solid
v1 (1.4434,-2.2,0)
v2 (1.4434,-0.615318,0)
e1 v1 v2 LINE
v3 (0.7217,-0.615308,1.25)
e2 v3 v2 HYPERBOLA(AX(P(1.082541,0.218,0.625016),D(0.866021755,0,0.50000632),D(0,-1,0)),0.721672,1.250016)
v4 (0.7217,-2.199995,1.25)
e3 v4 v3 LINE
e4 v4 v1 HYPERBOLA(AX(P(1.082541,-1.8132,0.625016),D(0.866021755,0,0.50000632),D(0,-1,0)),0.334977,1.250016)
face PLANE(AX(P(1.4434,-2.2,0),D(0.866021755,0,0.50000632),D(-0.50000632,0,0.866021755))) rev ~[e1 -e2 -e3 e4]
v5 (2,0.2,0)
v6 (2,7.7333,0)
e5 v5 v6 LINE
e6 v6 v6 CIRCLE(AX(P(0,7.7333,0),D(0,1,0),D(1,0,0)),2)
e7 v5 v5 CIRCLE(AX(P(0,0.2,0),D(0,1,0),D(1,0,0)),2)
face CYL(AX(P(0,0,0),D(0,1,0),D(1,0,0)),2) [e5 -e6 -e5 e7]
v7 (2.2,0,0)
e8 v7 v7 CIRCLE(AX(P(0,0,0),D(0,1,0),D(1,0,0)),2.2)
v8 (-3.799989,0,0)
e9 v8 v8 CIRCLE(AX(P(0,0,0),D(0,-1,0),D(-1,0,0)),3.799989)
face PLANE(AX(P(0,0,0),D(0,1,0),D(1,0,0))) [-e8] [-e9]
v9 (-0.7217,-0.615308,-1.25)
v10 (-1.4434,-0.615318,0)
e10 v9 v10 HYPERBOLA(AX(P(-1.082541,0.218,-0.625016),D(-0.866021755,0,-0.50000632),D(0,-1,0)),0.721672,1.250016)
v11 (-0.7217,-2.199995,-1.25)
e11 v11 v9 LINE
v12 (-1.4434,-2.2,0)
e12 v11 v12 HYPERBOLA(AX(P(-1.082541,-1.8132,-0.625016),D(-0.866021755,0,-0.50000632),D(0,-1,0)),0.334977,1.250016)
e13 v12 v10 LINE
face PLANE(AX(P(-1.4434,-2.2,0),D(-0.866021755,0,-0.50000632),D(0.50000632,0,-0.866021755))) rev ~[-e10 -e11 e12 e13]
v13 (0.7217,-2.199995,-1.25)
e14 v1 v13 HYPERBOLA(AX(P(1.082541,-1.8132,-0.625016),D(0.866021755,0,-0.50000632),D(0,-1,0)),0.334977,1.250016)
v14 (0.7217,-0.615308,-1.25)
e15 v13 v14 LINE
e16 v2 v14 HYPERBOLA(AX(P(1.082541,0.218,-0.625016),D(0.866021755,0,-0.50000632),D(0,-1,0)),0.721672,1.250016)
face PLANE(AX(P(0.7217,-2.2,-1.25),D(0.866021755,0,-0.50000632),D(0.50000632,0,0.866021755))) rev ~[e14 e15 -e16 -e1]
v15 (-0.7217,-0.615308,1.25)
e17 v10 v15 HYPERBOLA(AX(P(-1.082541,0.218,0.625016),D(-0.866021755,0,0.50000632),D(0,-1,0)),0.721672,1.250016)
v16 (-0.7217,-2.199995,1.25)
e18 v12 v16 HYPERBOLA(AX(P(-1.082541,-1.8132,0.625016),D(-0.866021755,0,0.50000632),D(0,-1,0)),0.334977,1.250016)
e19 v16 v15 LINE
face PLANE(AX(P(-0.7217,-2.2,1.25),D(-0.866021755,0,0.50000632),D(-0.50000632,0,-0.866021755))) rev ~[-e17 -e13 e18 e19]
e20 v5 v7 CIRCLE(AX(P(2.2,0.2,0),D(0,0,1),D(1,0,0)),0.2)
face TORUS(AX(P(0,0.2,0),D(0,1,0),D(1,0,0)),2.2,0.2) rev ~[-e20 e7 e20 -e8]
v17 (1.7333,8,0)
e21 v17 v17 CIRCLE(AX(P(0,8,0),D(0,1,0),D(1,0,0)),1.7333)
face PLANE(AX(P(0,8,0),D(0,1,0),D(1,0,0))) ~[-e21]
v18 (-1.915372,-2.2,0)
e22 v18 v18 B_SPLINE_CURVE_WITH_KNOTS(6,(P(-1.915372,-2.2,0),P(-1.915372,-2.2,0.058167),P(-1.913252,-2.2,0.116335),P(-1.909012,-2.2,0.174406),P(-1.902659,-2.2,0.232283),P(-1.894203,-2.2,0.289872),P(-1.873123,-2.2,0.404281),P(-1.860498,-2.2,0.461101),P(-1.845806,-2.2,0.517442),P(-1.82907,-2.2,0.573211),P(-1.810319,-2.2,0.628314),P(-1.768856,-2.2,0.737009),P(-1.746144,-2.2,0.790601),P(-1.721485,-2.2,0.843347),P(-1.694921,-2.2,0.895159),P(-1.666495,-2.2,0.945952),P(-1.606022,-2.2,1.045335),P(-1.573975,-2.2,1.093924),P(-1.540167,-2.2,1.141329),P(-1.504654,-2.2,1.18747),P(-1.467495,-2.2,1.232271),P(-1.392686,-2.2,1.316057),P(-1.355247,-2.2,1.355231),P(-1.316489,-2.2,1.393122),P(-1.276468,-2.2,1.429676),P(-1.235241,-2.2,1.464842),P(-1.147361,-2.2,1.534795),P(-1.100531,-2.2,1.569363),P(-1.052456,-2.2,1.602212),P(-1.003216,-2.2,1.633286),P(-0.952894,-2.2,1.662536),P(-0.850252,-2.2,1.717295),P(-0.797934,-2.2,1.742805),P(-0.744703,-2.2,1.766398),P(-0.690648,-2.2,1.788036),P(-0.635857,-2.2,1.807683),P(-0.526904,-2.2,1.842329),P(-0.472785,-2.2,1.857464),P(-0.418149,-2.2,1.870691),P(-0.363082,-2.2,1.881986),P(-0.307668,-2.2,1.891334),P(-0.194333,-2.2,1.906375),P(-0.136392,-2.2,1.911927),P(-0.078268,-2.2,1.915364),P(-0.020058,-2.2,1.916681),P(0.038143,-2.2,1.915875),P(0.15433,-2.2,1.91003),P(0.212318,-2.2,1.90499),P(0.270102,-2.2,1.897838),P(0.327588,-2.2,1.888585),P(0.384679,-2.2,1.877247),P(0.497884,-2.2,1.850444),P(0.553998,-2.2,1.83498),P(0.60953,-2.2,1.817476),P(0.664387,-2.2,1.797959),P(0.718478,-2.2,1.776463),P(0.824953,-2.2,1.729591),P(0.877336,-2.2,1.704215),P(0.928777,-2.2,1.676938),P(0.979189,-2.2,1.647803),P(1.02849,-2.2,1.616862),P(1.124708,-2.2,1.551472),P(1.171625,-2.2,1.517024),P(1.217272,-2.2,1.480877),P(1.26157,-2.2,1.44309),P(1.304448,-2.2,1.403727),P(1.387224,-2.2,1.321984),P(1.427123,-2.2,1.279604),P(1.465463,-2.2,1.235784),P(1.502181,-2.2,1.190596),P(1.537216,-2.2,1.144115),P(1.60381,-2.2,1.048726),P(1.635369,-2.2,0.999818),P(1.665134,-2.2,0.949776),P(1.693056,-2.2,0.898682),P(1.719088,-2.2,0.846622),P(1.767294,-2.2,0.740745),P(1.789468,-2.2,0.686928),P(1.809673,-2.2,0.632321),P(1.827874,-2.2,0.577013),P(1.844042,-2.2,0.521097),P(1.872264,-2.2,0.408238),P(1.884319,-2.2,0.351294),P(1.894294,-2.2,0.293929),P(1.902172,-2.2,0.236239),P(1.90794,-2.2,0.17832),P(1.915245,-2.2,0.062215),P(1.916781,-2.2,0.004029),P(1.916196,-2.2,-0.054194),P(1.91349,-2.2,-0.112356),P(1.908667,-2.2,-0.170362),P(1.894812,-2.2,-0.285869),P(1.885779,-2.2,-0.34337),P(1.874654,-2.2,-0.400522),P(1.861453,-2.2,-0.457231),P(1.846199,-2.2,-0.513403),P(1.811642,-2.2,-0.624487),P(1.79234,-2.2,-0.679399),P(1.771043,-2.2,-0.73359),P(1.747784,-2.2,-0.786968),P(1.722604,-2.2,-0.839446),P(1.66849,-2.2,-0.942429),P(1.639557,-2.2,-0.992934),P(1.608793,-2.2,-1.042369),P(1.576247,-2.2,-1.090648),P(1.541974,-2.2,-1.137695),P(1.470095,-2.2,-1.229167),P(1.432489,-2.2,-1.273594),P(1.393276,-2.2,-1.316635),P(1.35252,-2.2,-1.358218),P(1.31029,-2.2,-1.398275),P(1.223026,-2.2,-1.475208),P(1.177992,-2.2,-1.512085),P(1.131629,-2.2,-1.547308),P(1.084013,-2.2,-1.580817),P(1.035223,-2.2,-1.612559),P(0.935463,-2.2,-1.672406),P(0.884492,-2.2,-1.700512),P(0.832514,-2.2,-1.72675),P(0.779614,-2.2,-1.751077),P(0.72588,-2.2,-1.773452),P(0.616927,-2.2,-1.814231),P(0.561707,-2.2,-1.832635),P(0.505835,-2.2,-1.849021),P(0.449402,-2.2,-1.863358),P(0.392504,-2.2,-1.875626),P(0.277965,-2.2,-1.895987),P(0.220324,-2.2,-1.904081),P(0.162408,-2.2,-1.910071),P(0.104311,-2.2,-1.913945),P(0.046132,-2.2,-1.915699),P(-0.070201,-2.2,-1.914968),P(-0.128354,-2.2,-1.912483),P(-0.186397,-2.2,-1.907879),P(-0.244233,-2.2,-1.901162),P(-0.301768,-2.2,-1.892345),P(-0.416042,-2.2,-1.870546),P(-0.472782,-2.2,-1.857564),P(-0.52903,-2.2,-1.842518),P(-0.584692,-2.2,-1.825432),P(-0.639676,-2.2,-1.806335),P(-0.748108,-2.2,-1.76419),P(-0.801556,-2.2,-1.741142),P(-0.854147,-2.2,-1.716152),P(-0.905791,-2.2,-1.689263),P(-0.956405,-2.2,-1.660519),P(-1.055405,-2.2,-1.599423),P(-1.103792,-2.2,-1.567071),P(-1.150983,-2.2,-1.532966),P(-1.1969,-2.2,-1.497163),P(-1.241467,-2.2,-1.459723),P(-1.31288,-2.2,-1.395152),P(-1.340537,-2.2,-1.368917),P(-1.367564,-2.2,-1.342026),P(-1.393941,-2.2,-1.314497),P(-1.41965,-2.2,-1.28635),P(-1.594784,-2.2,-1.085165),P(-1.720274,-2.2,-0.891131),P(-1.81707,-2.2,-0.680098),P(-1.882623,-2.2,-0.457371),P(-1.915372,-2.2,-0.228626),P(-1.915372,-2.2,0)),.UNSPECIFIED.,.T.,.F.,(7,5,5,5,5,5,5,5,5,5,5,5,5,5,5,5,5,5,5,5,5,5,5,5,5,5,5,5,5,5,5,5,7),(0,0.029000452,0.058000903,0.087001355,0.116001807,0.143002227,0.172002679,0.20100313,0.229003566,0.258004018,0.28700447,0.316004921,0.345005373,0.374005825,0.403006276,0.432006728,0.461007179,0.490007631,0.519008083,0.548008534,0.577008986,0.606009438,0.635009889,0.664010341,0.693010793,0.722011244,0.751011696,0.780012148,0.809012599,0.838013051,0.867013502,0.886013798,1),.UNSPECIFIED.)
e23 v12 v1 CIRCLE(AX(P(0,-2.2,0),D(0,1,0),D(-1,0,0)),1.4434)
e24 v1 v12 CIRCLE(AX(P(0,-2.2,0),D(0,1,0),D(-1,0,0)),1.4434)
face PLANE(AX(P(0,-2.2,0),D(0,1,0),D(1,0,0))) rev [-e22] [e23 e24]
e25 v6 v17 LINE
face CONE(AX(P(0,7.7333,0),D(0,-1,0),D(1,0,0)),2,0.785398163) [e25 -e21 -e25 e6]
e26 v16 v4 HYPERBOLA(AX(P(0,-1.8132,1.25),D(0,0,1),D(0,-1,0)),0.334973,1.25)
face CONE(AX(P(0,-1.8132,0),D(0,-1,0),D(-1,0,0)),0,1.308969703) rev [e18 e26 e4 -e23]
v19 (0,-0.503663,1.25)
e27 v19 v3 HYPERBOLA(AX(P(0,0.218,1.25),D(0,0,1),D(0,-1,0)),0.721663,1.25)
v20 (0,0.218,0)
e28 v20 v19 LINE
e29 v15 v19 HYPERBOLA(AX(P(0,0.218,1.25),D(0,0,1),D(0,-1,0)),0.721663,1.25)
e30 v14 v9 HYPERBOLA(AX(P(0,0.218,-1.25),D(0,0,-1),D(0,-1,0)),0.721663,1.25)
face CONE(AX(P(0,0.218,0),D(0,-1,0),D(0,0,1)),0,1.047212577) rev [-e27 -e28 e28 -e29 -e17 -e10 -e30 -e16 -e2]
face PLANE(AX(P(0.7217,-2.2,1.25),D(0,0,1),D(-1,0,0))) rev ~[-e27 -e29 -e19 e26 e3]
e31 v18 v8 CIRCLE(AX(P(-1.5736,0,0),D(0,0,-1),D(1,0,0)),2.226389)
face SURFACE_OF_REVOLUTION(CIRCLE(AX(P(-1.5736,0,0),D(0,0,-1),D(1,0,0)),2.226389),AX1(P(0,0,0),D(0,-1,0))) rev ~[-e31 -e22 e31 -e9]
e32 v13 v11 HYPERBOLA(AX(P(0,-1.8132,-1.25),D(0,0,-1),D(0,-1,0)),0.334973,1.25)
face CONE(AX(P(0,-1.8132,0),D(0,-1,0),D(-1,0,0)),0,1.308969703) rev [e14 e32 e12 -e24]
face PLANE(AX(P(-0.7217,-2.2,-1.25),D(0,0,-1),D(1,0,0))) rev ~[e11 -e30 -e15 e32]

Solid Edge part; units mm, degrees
sketch "Sketch1" plane through (0, 0, 0) normal (0, 0, 1) x (1, 0, 0)
  line L0 (2, 0) -> (2, 8)
  line L1 (0, 8) -> (2, 8)
  line L2 (0, 0) -> (0, 8)
  line L3 (0, 0) -> (0, -2.2)
  line L4 (0, -2.2) -> (3.8, -2.2)
  line L5 (3.8, -2.2) -> (3.8, 0)
  line L6 (3.8, 0) -> (2, 0)
revolve "RevolvedProtrusion1" add sketch "Sketch1" angle 360 about axis through (0, 0, 0) along (0, 1, 0)
sketch "Sketch2" plane through (0, 0, 0) normal (1, 0, 0) x (0, 1, 0)
  line L0 (-2.2, 1.9365) -> (-0.9, 1.9365)
  line L1 (0.218, 0) -> (-0.9, 1.9365)
  line L2 (-2.2, 0) -> (0.218, 0)
  line L3 (-2.2, 0) -> (-2.2, 1.9365)
revolve "RevolvedCutout1" cut sketch "Sketch2" angle 360 about axis through (0, -4.5, 0) along (0, 1, 0)
sketch "Sketch3" plane through (0, -2.2, 0) normal (0, -1, 0) x (0, 0, 1)
  circle A0 centre (0, 0) radius 1.9365
  line L0 (-1.25, -0.7217) -> (0, -1.4434)
  line L1 (0, -1.4434) -> (1.25, -0.7217)
  line L2 (1.25, -0.7217) -> (1.25, 0.7217)
  line L3 (1.25, 0.7217) -> (0, 1.4434)
  line L4 (0, 1.4434) -> (-1.25, 0.7217)
  line L5 (-1.25, 0.7217) -> (-1.25, -0.7217)
  dimension "D1" = 2.5
extrude "Protrusion1" add sketch "Sketch3" against normal up to next
sketch "Sketch4" plane through (0, 0, 0) normal (0, 0, 1) x (1, 0, 0)
  line L0 (-1.4434, -2.2) -> (0, -2.2)
  line L1 (0, -2.2) -> (0, -1.8132)
  line L2 (0, -1.8132) -> (-1.4434, -2.2)
revolve "RevolvedCutout2" cut sketch "Sketch4" angle 360 about axis through (0, -4.5, 0) along (0, 1, 0)
fillet "Round1" radius 0.2 1 edges at (0, 0, -2)
chamfer "倒斜角_2" distance 0.2667 angle 45 1 edges at (0, 8, -2)
cosmetic_thread "螺纹_3" size "M4" thread depth 6.6
sketch "Sketch5" plane through (0, 0, 0) normal (0, 0, 1) x (1, 0, 0)
  arc A0 (-1.9153, -2.2) -> (-3.8, 0) centre (-1.5736, 0) cw
revolve "RevolvedCutout3" cut sketch "Sketch5" angle 360 about axis through (0, 0, 0) along (0, -1, 0) material side at (-3.3024, -1.481, 0)
